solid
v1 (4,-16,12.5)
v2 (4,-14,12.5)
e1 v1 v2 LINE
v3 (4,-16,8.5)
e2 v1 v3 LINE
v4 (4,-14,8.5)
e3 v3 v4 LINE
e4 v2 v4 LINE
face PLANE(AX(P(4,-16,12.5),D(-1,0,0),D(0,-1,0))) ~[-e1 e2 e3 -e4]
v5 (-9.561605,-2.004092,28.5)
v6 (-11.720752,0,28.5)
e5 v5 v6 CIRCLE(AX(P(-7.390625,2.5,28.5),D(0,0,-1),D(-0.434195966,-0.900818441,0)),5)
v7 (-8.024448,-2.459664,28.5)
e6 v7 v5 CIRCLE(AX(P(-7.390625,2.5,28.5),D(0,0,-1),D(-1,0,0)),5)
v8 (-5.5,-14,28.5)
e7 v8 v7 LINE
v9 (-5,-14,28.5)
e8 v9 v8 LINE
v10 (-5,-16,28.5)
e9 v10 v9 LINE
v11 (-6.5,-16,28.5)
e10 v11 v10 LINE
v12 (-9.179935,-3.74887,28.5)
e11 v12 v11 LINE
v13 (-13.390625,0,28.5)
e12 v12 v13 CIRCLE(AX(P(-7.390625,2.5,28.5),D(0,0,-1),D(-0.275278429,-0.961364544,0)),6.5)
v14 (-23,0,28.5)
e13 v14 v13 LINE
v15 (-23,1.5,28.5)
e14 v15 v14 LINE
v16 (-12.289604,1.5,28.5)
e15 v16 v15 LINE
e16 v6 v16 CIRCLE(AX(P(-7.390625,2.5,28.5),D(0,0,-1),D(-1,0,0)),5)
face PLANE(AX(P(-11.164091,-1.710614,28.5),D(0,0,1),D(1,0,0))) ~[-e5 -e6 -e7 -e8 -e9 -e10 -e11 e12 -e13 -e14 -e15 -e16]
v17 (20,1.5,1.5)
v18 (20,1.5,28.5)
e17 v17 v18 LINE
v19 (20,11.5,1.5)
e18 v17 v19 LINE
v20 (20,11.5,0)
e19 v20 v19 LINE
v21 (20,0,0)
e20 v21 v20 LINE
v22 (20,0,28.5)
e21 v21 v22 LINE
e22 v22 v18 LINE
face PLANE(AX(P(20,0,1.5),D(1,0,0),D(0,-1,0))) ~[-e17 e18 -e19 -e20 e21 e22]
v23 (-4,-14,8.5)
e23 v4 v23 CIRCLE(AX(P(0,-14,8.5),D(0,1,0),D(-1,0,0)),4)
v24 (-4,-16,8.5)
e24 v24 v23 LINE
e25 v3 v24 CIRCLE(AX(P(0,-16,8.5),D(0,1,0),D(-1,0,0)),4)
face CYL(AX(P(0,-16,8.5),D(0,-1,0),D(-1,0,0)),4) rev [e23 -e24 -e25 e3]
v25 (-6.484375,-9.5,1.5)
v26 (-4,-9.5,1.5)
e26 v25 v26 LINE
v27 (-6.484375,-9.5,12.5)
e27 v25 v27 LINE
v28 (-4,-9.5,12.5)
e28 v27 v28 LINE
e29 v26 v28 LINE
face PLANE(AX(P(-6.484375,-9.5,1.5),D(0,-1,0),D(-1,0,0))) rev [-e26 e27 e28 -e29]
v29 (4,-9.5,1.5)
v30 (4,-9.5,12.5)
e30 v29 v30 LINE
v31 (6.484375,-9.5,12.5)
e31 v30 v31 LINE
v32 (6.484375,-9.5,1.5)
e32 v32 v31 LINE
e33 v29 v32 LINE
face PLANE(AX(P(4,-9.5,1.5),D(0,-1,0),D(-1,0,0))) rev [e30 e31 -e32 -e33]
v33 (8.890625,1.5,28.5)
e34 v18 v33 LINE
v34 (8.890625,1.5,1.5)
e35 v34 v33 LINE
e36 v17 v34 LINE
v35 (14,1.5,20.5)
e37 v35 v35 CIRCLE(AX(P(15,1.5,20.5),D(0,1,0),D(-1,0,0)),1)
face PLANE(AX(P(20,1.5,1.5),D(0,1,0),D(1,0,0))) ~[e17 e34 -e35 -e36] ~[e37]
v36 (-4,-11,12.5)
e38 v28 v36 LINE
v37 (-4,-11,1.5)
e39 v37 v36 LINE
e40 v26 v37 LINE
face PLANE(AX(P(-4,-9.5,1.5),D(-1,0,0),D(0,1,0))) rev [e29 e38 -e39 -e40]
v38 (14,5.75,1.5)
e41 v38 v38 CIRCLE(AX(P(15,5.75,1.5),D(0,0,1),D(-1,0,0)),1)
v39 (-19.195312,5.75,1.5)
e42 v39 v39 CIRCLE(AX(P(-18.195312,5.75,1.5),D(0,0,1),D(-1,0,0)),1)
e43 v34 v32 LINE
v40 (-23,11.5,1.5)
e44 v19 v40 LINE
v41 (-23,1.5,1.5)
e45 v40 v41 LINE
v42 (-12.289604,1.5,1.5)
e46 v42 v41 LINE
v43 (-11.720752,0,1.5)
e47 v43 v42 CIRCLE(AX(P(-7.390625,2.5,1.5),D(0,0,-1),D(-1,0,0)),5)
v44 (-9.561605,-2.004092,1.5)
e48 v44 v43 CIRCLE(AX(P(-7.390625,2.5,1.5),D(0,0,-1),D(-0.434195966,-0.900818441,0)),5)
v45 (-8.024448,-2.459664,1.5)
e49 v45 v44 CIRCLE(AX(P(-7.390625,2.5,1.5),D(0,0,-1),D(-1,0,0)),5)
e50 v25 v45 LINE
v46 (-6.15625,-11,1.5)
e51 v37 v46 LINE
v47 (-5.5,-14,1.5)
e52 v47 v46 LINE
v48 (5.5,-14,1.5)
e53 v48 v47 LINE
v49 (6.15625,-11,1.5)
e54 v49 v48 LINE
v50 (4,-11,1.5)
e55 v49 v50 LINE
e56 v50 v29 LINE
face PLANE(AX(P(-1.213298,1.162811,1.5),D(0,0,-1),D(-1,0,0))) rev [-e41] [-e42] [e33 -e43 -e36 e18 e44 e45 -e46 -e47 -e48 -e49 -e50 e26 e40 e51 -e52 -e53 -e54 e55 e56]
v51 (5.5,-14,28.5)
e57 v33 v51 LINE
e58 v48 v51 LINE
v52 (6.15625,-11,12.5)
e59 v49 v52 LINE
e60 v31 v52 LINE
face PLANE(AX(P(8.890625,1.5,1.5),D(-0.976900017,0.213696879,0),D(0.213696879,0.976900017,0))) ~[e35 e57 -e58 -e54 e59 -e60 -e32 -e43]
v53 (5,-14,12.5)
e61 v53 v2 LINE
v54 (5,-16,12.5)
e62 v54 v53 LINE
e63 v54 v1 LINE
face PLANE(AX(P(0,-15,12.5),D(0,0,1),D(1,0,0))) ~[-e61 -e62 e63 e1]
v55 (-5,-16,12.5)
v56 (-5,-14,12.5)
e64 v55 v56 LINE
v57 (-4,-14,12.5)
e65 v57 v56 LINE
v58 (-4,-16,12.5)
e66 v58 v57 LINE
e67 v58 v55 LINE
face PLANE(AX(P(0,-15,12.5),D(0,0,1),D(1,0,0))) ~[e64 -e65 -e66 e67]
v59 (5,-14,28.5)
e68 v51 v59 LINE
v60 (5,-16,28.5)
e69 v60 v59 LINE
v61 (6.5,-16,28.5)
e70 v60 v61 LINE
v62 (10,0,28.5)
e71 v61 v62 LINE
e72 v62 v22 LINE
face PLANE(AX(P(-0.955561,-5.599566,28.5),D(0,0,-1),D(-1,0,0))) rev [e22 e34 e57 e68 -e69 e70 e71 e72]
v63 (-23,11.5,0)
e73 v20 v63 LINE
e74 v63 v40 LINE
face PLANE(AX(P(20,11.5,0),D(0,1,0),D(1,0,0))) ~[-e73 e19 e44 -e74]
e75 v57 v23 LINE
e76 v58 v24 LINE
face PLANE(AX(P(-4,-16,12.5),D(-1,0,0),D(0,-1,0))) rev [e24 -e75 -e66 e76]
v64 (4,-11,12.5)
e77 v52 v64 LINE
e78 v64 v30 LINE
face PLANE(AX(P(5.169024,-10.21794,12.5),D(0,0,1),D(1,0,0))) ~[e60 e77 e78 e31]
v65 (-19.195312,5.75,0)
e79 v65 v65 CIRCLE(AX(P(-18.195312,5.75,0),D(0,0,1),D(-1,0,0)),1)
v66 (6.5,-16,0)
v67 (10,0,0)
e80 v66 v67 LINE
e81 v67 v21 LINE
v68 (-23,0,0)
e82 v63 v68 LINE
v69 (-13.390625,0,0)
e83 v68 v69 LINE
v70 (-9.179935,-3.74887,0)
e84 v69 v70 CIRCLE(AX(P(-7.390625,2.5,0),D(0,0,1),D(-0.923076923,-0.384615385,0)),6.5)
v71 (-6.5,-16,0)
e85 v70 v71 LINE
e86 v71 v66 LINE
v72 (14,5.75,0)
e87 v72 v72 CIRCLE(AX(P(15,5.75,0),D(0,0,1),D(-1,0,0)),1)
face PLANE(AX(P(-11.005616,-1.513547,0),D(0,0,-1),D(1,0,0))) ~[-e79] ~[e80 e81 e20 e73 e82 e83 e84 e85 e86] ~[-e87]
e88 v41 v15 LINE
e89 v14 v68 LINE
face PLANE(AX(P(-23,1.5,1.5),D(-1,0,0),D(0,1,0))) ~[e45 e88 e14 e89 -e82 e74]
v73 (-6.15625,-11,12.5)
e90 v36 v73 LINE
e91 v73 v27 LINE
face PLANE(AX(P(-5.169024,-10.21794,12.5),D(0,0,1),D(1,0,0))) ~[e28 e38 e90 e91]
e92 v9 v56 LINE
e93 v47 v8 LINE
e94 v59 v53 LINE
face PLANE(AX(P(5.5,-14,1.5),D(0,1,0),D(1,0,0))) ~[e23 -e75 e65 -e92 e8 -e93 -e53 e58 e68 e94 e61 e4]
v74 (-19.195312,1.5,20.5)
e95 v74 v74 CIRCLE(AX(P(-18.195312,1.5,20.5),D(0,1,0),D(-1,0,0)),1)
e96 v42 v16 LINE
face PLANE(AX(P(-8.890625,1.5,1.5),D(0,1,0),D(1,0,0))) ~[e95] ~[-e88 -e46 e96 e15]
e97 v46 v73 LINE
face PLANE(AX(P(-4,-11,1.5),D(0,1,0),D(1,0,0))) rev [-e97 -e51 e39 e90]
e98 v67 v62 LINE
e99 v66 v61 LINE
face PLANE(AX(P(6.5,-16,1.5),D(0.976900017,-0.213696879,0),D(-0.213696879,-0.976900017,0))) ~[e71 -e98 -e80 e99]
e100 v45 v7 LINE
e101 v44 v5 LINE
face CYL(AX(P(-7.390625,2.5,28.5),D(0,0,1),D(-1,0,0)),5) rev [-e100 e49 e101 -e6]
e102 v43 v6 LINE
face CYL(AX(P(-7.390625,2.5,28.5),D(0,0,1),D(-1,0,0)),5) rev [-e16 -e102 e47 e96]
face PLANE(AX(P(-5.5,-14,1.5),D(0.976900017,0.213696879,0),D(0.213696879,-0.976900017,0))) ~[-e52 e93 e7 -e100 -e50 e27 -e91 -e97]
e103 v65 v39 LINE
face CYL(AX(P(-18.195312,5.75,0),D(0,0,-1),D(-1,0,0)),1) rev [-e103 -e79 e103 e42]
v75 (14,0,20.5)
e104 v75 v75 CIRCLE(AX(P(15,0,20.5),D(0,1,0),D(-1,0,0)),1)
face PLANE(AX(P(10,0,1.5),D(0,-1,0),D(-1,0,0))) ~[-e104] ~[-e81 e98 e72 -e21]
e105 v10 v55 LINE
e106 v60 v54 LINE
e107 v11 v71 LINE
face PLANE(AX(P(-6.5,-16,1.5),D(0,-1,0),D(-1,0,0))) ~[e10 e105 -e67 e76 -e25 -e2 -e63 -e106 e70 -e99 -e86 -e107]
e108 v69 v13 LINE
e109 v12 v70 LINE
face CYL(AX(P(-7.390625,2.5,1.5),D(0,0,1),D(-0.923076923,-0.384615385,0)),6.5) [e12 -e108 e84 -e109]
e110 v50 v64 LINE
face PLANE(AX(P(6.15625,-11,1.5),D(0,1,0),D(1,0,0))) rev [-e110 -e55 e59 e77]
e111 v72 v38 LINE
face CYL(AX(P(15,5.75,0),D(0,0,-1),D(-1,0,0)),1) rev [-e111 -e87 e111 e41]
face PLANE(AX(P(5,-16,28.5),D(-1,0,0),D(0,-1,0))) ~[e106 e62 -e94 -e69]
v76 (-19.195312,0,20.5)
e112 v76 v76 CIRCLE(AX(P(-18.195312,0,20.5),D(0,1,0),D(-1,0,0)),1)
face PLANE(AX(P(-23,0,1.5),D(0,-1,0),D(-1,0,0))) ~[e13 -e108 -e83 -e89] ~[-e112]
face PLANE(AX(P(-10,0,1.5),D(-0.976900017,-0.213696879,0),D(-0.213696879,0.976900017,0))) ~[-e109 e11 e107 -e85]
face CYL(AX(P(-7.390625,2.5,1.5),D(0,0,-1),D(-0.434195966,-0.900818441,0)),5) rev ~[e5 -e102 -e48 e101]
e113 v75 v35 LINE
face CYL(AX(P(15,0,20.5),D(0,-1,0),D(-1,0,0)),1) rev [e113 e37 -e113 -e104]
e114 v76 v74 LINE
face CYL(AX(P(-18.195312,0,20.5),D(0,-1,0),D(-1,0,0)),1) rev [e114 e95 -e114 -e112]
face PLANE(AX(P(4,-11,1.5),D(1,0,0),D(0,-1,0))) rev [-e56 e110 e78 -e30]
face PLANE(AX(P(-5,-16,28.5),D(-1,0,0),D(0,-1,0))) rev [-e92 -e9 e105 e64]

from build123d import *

# Parameters (mm, degrees)
PAD_DEPTH       = 1.5
PAD001_DEPTH    = 27
PAD002_DEPTH    = 11
SKETCH003_W     = 10
SKETCH003_H     = 2
POCKET_DEPTH    = 16
SKETCH004_W     = 8
SKETCH004_H     = 2
POCKET001_DEPTH = 4
SKETCH005_R     = 4
POCKET002_DEPTH = 2
SKETCH006_R     = 5
POCKET003_DEPTH = 27
PAD003_DEPTH    = 27
PAD004_DEPTH    = 1.5
SKETCH009_R     = 1
POCKET004_DEPTH = 5
SKETCH010_R     = 1
POCKET005_DEPTH = 5


with BuildPart() as rearaxelfittingright:
    # Sketch → Pad (new body)
    with BuildSketch(Plane.XY):
        Polygon((-20, 11.5), (23, 11.5), (23, 0), (10, 0), (6.5, -16), (-6.5, -16), (-10, 0), (-20, 0), align=None)
    extrude(amount=PAD_DEPTH)

    # Sketch001 → Pad001 (new body)
    with BuildSketch(Plane.XY.offset(1.5)):
        Polygon((-20, 0), (-20, 1.5), (-8.890625, 1.5), (-5.5, -14), (5.5, -14), (8.890625, 1.5), (23, 1.5), (23, 0), (10, 0), (6.5, -16), (-6.5, -16), (-10, 0), align=None)
    extrude(amount=PAD001_DEPTH)

    # Sketch002 → Pad002 (new body)
    with BuildSketch(Plane.XY.offset(1.5)):
        Polygon((-6.15625, -11), (-4, -11), (-4, -9.5), (-6.484375, -9.5), align=None)
        Polygon((6.484375, -9.5), (4, -9.5), (4, -11), (6.15625, -11), align=None)
    extrude(amount=PAD002_DEPTH)

    # Sketch003 → Pocket (cut)
    with BuildSketch(Plane.XY.offset(28.5)):
        with Locations((0, -15)):
            Rectangle(SKETCH003_W, SKETCH003_H)
    extrude(amount=-POCKET_DEPTH, mode=Mode.SUBTRACT)

    # Sketch004 → Pocket001 (cut)
    with BuildSketch(Plane.XY.offset(12.5)):
        with Locations((0, -15)):
            Rectangle(SKETCH004_W, SKETCH004_H)
    extrude(amount=-POCKET001_DEPTH, mode=Mode.SUBTRACT)

    # Sketch005 → Pocket002 (cut)
    with BuildSketch(Plane.XZ.offset(16)):
        with Locations((0, 8.5)):
            Circle(SKETCH005_R)
    extrude(amount=-POCKET002_DEPTH, mode=Mode.SUBTRACT)

    # Sketch006 → Pocket003 (cut)
    with BuildSketch(Plane.XY.offset(28.5)):
        with Locations((7.390625, 2.5)):
            Circle(SKETCH006_R)
    extrude(amount=-POCKET003_DEPTH, mode=Mode.SUBTRACT)

    # Sketch007 → Pad003 (new body)
    with BuildSketch(Plane.XY.offset(1.5)):
        with BuildLine():
            ThreePointArc((9.179934789, -3.7488695361), (11.7128746974, -2.3547046824), (13.390625, 0))
            Line((11.7207520189, 0), (13.390625, 0))
            ThreePointArc((9.5616048305, -2.0040922033), (10.792123781, -1.1646699774), (11.7207520189, 0))
            Line((9.5616048305, -2.0040922033), (9.179934789, -3.7488695361))
        make_face()
    extrude(amount=PAD003_DEPTH)

    # Sketch008 → Pad004 (new body)
    with BuildSketch(Plane(origin=(0, 0, 1.5), x_dir=(1, 0, 0), z_dir=(0, 0, -1))):
        with BuildLine():
            ThreePointArc((13.390625, 0), (11.7128746974, 2.3547046824), (9.179934789, 3.7488695361))
            Line((9.179934789, 3.7488695361), (10, 0))
            Line((10, 0), (13.390625, 0))
        make_face()
    extrude(amount=PAD004_DEPTH)

    # Sketch009 → Pocket004 (cut)
    with BuildSketch(Plane.XZ):
        with Locations((-15, 20.5)):
            Circle(SKETCH009_R)
        with Locations((18.1953125, 20.5)):
            Circle(SKETCH009_R)
    extrude(amount=-POCKET004_DEPTH, mode=Mode.SUBTRACT)

    # Sketch010 → Pocket005 (cut)
    with BuildSketch(Plane(origin=(0, 0, 0), x_dir=(1, 0, 0), z_dir=(0, 0, -1))):
        with Locations((-15, -5.75)):
            Circle(SKETCH010_R)
        with Locations((18.1953125, -5.75)):
            Circle(SKETCH010_R)
    extrude(amount=-POCKET005_DEPTH, mode=Mode.SUBTRACT)


with BuildPart() as rearaxelfittingleft:
    # Part__Mirroring: instance of rearaxelfittingright
    add(rearaxelfittingright.part.mirror(Plane(origin=(0, 0, 0), x_dir=(0, -1, 0), z_dir=(1, 0, 0))))


solid = rearaxelfittingleft.part
